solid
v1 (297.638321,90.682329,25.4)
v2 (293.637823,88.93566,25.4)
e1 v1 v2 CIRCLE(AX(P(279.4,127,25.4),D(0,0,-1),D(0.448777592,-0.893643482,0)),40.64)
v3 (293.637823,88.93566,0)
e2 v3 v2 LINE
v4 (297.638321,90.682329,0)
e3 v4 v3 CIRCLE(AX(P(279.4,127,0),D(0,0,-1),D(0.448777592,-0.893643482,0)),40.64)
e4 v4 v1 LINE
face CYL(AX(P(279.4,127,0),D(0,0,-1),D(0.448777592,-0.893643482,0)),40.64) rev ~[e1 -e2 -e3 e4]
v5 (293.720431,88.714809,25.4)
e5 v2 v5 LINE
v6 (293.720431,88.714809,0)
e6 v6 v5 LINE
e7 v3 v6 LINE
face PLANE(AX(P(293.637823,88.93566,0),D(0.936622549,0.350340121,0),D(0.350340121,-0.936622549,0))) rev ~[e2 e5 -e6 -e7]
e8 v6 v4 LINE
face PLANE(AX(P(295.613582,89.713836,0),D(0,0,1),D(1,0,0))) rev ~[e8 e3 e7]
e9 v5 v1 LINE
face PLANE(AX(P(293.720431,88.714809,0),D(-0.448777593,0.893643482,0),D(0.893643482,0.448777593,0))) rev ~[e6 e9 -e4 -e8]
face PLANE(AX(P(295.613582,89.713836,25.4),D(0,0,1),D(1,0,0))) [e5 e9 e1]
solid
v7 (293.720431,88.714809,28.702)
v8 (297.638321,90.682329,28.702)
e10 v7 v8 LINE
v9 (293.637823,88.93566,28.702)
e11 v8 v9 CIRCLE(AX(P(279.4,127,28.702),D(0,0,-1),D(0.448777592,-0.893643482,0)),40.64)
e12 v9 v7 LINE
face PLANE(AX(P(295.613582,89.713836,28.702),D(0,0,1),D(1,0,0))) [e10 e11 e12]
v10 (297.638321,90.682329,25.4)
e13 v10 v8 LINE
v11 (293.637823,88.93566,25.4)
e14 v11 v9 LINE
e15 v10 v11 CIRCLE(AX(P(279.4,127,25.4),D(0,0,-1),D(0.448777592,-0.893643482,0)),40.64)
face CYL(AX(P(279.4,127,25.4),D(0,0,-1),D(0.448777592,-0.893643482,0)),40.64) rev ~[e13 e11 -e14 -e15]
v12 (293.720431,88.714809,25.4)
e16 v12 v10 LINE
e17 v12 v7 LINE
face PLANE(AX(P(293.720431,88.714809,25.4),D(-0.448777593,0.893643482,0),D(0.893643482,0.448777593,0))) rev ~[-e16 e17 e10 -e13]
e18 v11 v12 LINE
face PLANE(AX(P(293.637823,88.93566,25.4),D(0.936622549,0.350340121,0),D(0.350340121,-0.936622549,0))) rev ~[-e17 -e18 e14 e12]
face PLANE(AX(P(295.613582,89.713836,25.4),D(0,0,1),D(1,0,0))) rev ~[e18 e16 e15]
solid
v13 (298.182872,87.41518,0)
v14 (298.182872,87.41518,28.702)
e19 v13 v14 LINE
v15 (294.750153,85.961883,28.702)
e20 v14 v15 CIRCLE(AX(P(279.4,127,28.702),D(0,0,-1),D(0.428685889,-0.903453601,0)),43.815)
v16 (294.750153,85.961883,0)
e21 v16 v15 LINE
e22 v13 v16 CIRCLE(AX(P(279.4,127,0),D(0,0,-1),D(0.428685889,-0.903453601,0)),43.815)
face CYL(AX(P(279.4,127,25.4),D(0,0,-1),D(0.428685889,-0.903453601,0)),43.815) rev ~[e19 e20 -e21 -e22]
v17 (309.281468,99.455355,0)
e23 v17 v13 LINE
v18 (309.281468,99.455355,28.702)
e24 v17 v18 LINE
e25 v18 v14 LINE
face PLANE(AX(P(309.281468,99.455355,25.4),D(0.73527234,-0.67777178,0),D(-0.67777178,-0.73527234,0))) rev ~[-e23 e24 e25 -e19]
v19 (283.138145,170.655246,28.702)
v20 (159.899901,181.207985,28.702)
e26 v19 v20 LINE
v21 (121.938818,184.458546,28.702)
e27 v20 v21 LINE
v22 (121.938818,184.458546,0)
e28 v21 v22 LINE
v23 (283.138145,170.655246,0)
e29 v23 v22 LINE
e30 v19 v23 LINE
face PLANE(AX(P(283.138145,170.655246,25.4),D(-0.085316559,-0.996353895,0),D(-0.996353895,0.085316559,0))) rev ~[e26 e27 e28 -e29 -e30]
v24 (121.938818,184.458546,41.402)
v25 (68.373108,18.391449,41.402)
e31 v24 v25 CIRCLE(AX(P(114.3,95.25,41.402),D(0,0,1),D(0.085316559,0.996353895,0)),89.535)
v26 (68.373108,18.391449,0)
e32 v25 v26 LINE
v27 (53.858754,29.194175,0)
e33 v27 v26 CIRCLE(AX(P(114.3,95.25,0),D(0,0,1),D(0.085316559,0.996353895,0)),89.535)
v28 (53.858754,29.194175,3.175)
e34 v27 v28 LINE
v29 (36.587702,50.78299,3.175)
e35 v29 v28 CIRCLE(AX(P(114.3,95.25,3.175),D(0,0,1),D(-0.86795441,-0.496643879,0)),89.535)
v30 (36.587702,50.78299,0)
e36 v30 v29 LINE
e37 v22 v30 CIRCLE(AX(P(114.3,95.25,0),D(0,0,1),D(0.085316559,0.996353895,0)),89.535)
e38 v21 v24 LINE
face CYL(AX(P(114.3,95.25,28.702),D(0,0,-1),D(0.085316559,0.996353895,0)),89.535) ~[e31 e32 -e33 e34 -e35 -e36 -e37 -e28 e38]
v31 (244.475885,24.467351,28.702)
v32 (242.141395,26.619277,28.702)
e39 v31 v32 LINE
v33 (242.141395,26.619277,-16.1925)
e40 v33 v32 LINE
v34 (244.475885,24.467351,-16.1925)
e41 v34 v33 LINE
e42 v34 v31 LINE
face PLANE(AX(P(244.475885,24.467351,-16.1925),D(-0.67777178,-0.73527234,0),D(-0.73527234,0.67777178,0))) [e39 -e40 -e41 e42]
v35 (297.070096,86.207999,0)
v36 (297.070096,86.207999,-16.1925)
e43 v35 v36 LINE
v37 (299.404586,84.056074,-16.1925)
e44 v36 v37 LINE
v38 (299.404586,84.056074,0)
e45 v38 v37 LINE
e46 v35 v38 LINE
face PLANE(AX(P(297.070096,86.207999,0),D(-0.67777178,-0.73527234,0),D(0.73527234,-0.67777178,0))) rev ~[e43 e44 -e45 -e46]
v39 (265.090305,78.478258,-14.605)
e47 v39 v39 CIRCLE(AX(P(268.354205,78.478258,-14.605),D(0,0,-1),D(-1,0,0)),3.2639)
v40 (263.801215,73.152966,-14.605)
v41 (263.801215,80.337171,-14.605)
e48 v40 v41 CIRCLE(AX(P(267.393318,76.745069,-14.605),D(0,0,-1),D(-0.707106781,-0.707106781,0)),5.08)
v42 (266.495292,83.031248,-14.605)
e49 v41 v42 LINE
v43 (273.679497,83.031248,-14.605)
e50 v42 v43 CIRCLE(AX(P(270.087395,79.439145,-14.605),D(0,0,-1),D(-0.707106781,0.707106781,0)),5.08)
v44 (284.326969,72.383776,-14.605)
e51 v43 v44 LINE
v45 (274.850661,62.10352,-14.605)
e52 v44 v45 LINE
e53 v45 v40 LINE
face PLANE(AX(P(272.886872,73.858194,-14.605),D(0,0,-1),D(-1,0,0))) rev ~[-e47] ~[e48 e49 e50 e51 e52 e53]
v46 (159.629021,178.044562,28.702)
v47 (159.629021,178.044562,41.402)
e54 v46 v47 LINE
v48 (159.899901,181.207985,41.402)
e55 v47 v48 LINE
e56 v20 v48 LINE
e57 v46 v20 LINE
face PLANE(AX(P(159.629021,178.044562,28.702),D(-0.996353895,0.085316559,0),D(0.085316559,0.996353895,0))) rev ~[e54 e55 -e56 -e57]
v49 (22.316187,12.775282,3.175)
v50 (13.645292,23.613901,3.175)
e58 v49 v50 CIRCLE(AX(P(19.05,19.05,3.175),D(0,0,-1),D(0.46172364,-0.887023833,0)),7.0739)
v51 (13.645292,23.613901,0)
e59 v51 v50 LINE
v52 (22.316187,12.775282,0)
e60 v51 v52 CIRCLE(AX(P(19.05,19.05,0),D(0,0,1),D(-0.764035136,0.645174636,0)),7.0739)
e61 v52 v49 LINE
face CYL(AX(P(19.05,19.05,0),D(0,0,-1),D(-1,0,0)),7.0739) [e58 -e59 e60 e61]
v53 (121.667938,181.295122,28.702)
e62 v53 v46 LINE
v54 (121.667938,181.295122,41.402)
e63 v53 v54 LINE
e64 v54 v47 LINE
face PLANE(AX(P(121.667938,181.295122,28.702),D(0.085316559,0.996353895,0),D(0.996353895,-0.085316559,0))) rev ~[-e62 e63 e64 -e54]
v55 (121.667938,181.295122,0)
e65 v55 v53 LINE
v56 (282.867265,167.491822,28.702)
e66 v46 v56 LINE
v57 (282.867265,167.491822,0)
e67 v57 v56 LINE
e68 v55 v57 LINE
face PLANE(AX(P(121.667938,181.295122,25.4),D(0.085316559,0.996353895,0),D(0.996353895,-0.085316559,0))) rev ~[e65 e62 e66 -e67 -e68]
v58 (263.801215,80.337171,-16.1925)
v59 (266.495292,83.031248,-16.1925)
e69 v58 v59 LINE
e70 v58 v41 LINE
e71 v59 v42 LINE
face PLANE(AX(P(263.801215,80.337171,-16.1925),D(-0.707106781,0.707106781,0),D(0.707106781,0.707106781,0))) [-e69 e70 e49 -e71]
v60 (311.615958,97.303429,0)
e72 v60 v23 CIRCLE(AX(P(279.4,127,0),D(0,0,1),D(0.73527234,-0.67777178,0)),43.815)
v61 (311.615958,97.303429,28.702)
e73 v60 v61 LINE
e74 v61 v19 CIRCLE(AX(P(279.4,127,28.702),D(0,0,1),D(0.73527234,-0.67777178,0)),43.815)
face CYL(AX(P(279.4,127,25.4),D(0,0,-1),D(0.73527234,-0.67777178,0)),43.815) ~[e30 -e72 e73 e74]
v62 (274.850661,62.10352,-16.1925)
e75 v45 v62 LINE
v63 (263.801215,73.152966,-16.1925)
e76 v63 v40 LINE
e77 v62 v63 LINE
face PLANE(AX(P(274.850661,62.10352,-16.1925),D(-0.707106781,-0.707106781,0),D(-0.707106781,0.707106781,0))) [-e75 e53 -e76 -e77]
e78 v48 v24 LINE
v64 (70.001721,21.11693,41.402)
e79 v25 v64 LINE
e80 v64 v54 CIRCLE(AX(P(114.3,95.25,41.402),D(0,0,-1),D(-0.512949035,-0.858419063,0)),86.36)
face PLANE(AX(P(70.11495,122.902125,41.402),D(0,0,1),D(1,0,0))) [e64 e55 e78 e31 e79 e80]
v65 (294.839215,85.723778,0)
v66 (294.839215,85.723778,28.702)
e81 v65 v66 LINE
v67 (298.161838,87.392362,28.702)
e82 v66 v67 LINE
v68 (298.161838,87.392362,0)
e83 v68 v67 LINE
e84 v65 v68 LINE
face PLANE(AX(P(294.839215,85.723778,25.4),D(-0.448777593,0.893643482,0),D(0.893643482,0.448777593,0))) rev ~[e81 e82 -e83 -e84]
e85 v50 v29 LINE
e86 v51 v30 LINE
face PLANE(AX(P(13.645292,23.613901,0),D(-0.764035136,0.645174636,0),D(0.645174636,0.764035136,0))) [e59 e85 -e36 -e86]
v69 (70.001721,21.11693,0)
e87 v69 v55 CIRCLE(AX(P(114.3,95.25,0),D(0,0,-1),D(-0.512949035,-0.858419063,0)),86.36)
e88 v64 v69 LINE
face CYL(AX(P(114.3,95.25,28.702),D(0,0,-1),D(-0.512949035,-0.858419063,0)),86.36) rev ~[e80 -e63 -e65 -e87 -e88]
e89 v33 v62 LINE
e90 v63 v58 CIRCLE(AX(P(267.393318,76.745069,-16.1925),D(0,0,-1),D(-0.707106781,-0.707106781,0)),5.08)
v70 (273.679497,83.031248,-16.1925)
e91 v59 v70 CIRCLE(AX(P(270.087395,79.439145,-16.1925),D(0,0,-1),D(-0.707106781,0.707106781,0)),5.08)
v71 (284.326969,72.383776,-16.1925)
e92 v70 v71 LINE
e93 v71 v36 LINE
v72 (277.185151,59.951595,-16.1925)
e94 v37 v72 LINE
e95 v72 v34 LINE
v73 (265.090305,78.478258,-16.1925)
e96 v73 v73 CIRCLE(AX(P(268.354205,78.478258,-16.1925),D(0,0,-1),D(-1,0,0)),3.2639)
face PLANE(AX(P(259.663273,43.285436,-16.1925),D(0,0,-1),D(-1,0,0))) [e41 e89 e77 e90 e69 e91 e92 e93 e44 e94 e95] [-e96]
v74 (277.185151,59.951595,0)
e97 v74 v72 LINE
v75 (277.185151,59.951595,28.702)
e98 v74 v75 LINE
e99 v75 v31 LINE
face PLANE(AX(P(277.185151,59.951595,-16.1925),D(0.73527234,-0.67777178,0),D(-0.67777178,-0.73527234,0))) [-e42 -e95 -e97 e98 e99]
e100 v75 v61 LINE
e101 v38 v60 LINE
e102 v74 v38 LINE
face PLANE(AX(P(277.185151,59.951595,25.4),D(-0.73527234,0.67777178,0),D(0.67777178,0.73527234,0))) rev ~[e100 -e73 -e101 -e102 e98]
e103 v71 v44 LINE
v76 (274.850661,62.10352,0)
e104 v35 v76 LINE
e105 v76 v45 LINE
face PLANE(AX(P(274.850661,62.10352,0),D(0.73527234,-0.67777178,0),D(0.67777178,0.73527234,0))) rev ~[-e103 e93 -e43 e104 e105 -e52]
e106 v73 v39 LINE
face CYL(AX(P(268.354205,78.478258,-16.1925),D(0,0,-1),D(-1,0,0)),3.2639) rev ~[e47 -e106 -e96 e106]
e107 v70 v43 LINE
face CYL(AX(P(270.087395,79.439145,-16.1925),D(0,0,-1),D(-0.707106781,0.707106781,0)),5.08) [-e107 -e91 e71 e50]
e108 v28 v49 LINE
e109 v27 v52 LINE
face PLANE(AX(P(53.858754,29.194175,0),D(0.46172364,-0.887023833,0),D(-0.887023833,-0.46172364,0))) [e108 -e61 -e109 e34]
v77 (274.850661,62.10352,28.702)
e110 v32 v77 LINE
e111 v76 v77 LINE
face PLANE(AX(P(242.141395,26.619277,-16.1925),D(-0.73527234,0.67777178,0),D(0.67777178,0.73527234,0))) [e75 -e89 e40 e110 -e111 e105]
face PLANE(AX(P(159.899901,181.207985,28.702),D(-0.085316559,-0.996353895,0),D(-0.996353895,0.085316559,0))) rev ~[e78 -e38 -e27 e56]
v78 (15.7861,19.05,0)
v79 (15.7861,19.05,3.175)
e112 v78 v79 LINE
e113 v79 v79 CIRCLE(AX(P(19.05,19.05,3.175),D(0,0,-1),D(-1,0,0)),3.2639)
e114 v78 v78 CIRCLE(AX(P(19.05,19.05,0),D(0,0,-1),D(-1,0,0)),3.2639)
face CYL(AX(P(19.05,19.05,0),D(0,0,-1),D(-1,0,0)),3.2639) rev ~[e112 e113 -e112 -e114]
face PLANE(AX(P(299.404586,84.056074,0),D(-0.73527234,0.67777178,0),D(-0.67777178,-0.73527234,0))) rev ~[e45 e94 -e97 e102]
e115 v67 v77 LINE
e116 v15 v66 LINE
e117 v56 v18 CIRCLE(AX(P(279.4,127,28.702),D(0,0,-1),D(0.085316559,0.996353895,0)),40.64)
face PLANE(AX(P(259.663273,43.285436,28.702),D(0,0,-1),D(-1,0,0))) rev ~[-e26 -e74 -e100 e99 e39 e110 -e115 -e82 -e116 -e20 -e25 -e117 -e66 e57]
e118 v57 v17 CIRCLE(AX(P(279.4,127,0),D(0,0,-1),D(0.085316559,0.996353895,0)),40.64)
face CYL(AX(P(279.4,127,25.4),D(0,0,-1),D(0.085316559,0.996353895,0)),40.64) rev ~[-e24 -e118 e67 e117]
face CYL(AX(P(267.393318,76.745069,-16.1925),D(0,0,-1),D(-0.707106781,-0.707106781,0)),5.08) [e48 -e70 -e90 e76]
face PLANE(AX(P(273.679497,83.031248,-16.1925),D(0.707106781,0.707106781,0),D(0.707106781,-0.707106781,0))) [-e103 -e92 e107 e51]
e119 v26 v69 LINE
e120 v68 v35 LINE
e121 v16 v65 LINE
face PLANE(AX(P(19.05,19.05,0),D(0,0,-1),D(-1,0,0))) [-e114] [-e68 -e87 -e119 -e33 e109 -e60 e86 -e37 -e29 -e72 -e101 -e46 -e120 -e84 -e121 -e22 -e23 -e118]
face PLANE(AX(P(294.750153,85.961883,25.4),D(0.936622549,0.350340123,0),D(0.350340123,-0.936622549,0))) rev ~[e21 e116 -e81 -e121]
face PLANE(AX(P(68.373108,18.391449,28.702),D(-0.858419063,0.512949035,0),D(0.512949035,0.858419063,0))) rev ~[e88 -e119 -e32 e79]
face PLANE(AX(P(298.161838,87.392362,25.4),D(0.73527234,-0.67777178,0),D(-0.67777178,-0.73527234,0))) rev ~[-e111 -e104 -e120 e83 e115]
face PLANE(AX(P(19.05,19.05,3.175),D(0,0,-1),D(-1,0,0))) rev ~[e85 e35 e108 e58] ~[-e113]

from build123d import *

# Parameters (mm, degrees)
BOSS_EXTRUDE1_DEPTH   = 25.4
BOSS_EXTRUDE1_2_DEPTH = 25.4
SKETCH2_R             = 7.0739
SKETCH2_R_2           = 3.2639
BOSS_EXTRUDE2_DEPTH   = 3.175
BOSS_EXTRUDE3_DEPTH   = 3.302
BOSS_EXTRUDE4_DEPTH   = 12.7
BOSS_EXTRUDE5_DEPTH   = 16.1925
SKETCH6_R             = 3.2639
BOSS_EXTRUDE6_DEPTH   = 1.5875
BOSS_EXTRUDE7_DEPTH   = 44.8945


with BuildPart() as part:
    # Sketch1 → Boss-Extrude1 (new body)
    with BuildSketch(Plane.XY):
        with BuildLine():
            ThreePointArc((70.001721328, 21.116929737), (32.109818913, 121.760822938), (121.667937999, 181.295122405))
            Line((121.667937999, 181.295122405), (282.867264941, 167.491822308))
            ThreePointArc((282.867264941, 167.491822308), (317.285019746, 141.708326855), (309.281467912, 99.455354869))
            Line((309.281467912, 99.455354869), (298.182872237, 87.415180491))
            ThreePointArc((298.182872237, 87.415180491), (296.481974793, 86.652009193), (294.750152503, 85.961883046))
            Line((294.750152503, 85.961883046), (294.839214659, 85.723778364))
            Line((294.839214659, 85.723778364), (298.161838441, 87.392362238))
            Line((298.161838441, 87.392362238), (274.850661498, 62.103519979))
            Line((274.850661498, 62.103519979), (277.185151179, 59.951594578))
            Line((277.185151179, 59.951594578), (311.615957593, 97.303429468))
            ThreePointArc((311.615957593, 97.303429468), (320.244786914, 142.85741489), (283.138145015, 170.655245926))
            Line((283.138145015, 170.655245926), (121.938818073, 184.458546023))
            ThreePointArc((121.938818073, 184.458546023), (29.088121079, 122.735485546), (68.373108141, 18.391449213))
            Line((68.373108141, 18.391449213), (70.001721328, 21.116929737))
        make_face()
    extrude(amount=BOSS_EXTRUDE1_DEPTH)

    # Sketch2 → Boss-Extrude2 (add)
    # profile 1 of 2: a face of its own
    with BuildSketch(Plane(origin=(0, 0, 0), x_dir=(-1, 0, 0), z_dir=(0, 0, -1))):
        with BuildLine():
            ThreePointArc((-36.587701927, 50.782990283), (-44.384911147, 39.317928918), (-53.858754358, 29.194174745))
            Line((-53.858754358, 29.194174745), (-22.316186857, 12.775282108))
            ThreePointArc((-22.316186857, 12.775282108), (-23.932636358, 13.931413925), (-25.163710326, 15.491544259))
            ThreePointArc((-25.163710326, 15.491544259), (-23.930769686, 24.17036605), (-15.202863294, 24.986295173))
            ThreePointArc((-15.202863294, 24.986295173), (-14.373460165, 24.357545231), (-13.645291854, 23.613900861))
            Line((-13.645291854, 23.613900861), (-36.587701927, 50.782990283))
        make_face()
    # profile 2 of 2: a face of its own
    with BuildSketch(Plane(origin=(0, 0, 0), x_dir=(-1, 0, 0), z_dir=(0, 0, -1))):
        with Locations((-19.05, 19.05)):
            Circle(SKETCH2_R)
        with Locations((-19.05, 19.05)):
            Circle(SKETCH2_R_2, mode=Mode.SUBTRACT)
    extrude(amount=-BOSS_EXTRUDE2_DEPTH)

    # Sketch3 → Boss-Extrude3 (add)
    with BuildSketch(Plane.XY.offset(25.4)):
        with BuildLine():
            Line((68.373108141, 18.391449213), (70.001721328, 21.116929737))
            ThreePointArc((70.001721328, 21.116929737), (32.109818913, 121.760822938), (121.667937999, 181.295122405))
            Line((121.667937999, 181.295122405), (282.867264941, 167.491822308))
            ThreePointArc((282.867264941, 167.491822308), (317.285019746, 141.708326855), (309.281467912, 99.455354869))
            Line((309.281467912, 99.455354869), (298.182872237, 87.415180491))
            ThreePointArc((298.182872237, 87.415180491), (296.481974793, 86.652009193), (294.750152503, 85.961883046))
            Line((294.750152503, 85.961883046), (294.839214659, 85.723778364))
            Line((294.839214659, 85.723778364), (298.161838441, 87.392362238))
            Line((298.161838441, 87.392362238), (274.850661498, 62.103519979))
            Line((274.850661498, 62.103519979), (277.185151179, 59.951594578))
            Line((277.185151179, 59.951594578), (311.615957593, 97.303429468))
            ThreePointArc((311.615957593, 97.303429468), (320.244786914, 142.85741489), (283.138145015, 170.655245926))
            Line((283.138145015, 170.655245926), (121.938818073, 184.458546023))
            ThreePointArc((121.938818073, 184.458546023), (29.088121079, 122.735485546), (68.373108141, 18.391449213))
        make_face()
        with BuildLine():
            Line((293.637822612, 88.935659637), (293.720430988, 88.714808918))
            Line((293.720430988, 88.714808918), (297.638321365, 90.682328905))
            ThreePointArc((297.638321365, 90.682328905), (295.661540372, 89.755243259), (293.637822612, 88.935659637))
        make_face()
    extrude(amount=BOSS_EXTRUDE3_DEPTH)


with BuildPart() as body_2:
    # Sketch1 → Boss-Extrude1 2 (new body)
    with BuildSketch(Plane.XY):
        with BuildLine():
            ThreePointArc((297.638321365, 90.682328905), (295.661540372, 89.755243259), (293.637822612, 88.935659637))
            Line((293.637822612, 88.935659637), (293.720430988, 88.714808918))
            Line((293.720430988, 88.714808918), (297.638321365, 90.682328905))
        make_face()
    extrude(amount=BOSS_EXTRUDE1_2_DEPTH)


with BuildPart() as boss_extrude3_piece_1:
    # of the separate pieces the step leaves, piece 1, a body of its own (boss_extrude3_pieces)
    add(part.part.solids().sort_by_distance((70.001721328, 21.116929737, 28.702))[0])

    # Sketch4 → Boss-Extrude4 (add)
    with BuildSketch(Plane.XY.offset(28.702)):
        with BuildLine():
            Line((121.667937999, 181.295122405), (159.629021413, 178.044561523))
            Line((159.629021413, 178.044561523), (159.899901487, 181.207985141))
            Line((159.899901487, 181.207985141), (121.938818073, 184.458546023))
            ThreePointArc((121.938818073, 184.458546023), (29.088121079, 122.735485546), (68.373108141, 18.391449213))
            Line((68.373108141, 18.391449213), (70.001721328, 21.116929737))
            ThreePointArc((70.001721328, 21.116929737), (32.109818913, 121.760822938), (121.667937999, 181.295122405))
        make_face()
    extrude(amount=BOSS_EXTRUDE4_DEPTH)

    # Sketch5 → Boss-Extrude5 (add)
    with BuildSketch(Plane(origin=(0, 0, 0), x_dir=(-1, 0, 0), z_dir=(0, 0, -1))):
        Polygon((-277.185151179, 59.951594578), (-274.850661498, 62.103519979), (-297.070096233, 86.207999194), (-299.404585914, 84.056073793), align=None)
    extrude(amount=BOSS_EXTRUDE5_DEPTH)

    # Sketch6 → Boss-Extrude6 (add)
    with BuildSketch(Plane(origin=(0, 0, -16.1925), x_dir=(-1, 0, 0), z_dir=(0, 0, -1))):
        with BuildLine():
            Line((-274.850661498, 62.103519979), (-263.801215322, 73.152966154))
            ThreePointArc((-263.801215322, 73.152966154), (-262.313317771, 76.745068603), (-263.801215322, 80.337171051))
            Line((-263.801215322, 80.337171051), (-266.495292159, 83.031247888))
            ThreePointArc((-266.495292159, 83.031247888), (-270.087394607, 84.519145439), (-273.679497055, 83.031247888))
            Line((-273.679497055, 83.031247888), (-284.326969415, 72.383775528))
            Line((-284.326969415, 72.383775528), (-274.850661498, 62.103519979))
        make_face()
        with Locations((-268.354205176, 78.478258034)):
            Circle(SKETCH6_R, mode=Mode.SUBTRACT)
    extrude(amount=-BOSS_EXTRUDE6_DEPTH)

    # Sketch7 → Boss-Extrude7 (add)
    with BuildSketch(Plane(origin=(0, 0, -16.1925), x_dir=(-1, 0, 0), z_dir=(0, 0, -1))):
        Polygon((-277.185151179, 59.951594578), (-244.475885085, 24.467351432), (-242.141395404, 26.619276833), (-274.850661498, 62.103519979), align=None)
    extrude(amount=-BOSS_EXTRUDE7_DEPTH)


with BuildPart() as boss_extrude3_piece_2:
    # of the separate pieces the step leaves, piece 2, a body of its own (boss_extrude3_pieces)
    add(part.part.solids().sort_by_distance((293.637822612, 88.935659637, 25.4))[0])


solid = Compound([body_2.part, boss_extrude3_piece_1.part, boss_extrude3_piece_2.part])
